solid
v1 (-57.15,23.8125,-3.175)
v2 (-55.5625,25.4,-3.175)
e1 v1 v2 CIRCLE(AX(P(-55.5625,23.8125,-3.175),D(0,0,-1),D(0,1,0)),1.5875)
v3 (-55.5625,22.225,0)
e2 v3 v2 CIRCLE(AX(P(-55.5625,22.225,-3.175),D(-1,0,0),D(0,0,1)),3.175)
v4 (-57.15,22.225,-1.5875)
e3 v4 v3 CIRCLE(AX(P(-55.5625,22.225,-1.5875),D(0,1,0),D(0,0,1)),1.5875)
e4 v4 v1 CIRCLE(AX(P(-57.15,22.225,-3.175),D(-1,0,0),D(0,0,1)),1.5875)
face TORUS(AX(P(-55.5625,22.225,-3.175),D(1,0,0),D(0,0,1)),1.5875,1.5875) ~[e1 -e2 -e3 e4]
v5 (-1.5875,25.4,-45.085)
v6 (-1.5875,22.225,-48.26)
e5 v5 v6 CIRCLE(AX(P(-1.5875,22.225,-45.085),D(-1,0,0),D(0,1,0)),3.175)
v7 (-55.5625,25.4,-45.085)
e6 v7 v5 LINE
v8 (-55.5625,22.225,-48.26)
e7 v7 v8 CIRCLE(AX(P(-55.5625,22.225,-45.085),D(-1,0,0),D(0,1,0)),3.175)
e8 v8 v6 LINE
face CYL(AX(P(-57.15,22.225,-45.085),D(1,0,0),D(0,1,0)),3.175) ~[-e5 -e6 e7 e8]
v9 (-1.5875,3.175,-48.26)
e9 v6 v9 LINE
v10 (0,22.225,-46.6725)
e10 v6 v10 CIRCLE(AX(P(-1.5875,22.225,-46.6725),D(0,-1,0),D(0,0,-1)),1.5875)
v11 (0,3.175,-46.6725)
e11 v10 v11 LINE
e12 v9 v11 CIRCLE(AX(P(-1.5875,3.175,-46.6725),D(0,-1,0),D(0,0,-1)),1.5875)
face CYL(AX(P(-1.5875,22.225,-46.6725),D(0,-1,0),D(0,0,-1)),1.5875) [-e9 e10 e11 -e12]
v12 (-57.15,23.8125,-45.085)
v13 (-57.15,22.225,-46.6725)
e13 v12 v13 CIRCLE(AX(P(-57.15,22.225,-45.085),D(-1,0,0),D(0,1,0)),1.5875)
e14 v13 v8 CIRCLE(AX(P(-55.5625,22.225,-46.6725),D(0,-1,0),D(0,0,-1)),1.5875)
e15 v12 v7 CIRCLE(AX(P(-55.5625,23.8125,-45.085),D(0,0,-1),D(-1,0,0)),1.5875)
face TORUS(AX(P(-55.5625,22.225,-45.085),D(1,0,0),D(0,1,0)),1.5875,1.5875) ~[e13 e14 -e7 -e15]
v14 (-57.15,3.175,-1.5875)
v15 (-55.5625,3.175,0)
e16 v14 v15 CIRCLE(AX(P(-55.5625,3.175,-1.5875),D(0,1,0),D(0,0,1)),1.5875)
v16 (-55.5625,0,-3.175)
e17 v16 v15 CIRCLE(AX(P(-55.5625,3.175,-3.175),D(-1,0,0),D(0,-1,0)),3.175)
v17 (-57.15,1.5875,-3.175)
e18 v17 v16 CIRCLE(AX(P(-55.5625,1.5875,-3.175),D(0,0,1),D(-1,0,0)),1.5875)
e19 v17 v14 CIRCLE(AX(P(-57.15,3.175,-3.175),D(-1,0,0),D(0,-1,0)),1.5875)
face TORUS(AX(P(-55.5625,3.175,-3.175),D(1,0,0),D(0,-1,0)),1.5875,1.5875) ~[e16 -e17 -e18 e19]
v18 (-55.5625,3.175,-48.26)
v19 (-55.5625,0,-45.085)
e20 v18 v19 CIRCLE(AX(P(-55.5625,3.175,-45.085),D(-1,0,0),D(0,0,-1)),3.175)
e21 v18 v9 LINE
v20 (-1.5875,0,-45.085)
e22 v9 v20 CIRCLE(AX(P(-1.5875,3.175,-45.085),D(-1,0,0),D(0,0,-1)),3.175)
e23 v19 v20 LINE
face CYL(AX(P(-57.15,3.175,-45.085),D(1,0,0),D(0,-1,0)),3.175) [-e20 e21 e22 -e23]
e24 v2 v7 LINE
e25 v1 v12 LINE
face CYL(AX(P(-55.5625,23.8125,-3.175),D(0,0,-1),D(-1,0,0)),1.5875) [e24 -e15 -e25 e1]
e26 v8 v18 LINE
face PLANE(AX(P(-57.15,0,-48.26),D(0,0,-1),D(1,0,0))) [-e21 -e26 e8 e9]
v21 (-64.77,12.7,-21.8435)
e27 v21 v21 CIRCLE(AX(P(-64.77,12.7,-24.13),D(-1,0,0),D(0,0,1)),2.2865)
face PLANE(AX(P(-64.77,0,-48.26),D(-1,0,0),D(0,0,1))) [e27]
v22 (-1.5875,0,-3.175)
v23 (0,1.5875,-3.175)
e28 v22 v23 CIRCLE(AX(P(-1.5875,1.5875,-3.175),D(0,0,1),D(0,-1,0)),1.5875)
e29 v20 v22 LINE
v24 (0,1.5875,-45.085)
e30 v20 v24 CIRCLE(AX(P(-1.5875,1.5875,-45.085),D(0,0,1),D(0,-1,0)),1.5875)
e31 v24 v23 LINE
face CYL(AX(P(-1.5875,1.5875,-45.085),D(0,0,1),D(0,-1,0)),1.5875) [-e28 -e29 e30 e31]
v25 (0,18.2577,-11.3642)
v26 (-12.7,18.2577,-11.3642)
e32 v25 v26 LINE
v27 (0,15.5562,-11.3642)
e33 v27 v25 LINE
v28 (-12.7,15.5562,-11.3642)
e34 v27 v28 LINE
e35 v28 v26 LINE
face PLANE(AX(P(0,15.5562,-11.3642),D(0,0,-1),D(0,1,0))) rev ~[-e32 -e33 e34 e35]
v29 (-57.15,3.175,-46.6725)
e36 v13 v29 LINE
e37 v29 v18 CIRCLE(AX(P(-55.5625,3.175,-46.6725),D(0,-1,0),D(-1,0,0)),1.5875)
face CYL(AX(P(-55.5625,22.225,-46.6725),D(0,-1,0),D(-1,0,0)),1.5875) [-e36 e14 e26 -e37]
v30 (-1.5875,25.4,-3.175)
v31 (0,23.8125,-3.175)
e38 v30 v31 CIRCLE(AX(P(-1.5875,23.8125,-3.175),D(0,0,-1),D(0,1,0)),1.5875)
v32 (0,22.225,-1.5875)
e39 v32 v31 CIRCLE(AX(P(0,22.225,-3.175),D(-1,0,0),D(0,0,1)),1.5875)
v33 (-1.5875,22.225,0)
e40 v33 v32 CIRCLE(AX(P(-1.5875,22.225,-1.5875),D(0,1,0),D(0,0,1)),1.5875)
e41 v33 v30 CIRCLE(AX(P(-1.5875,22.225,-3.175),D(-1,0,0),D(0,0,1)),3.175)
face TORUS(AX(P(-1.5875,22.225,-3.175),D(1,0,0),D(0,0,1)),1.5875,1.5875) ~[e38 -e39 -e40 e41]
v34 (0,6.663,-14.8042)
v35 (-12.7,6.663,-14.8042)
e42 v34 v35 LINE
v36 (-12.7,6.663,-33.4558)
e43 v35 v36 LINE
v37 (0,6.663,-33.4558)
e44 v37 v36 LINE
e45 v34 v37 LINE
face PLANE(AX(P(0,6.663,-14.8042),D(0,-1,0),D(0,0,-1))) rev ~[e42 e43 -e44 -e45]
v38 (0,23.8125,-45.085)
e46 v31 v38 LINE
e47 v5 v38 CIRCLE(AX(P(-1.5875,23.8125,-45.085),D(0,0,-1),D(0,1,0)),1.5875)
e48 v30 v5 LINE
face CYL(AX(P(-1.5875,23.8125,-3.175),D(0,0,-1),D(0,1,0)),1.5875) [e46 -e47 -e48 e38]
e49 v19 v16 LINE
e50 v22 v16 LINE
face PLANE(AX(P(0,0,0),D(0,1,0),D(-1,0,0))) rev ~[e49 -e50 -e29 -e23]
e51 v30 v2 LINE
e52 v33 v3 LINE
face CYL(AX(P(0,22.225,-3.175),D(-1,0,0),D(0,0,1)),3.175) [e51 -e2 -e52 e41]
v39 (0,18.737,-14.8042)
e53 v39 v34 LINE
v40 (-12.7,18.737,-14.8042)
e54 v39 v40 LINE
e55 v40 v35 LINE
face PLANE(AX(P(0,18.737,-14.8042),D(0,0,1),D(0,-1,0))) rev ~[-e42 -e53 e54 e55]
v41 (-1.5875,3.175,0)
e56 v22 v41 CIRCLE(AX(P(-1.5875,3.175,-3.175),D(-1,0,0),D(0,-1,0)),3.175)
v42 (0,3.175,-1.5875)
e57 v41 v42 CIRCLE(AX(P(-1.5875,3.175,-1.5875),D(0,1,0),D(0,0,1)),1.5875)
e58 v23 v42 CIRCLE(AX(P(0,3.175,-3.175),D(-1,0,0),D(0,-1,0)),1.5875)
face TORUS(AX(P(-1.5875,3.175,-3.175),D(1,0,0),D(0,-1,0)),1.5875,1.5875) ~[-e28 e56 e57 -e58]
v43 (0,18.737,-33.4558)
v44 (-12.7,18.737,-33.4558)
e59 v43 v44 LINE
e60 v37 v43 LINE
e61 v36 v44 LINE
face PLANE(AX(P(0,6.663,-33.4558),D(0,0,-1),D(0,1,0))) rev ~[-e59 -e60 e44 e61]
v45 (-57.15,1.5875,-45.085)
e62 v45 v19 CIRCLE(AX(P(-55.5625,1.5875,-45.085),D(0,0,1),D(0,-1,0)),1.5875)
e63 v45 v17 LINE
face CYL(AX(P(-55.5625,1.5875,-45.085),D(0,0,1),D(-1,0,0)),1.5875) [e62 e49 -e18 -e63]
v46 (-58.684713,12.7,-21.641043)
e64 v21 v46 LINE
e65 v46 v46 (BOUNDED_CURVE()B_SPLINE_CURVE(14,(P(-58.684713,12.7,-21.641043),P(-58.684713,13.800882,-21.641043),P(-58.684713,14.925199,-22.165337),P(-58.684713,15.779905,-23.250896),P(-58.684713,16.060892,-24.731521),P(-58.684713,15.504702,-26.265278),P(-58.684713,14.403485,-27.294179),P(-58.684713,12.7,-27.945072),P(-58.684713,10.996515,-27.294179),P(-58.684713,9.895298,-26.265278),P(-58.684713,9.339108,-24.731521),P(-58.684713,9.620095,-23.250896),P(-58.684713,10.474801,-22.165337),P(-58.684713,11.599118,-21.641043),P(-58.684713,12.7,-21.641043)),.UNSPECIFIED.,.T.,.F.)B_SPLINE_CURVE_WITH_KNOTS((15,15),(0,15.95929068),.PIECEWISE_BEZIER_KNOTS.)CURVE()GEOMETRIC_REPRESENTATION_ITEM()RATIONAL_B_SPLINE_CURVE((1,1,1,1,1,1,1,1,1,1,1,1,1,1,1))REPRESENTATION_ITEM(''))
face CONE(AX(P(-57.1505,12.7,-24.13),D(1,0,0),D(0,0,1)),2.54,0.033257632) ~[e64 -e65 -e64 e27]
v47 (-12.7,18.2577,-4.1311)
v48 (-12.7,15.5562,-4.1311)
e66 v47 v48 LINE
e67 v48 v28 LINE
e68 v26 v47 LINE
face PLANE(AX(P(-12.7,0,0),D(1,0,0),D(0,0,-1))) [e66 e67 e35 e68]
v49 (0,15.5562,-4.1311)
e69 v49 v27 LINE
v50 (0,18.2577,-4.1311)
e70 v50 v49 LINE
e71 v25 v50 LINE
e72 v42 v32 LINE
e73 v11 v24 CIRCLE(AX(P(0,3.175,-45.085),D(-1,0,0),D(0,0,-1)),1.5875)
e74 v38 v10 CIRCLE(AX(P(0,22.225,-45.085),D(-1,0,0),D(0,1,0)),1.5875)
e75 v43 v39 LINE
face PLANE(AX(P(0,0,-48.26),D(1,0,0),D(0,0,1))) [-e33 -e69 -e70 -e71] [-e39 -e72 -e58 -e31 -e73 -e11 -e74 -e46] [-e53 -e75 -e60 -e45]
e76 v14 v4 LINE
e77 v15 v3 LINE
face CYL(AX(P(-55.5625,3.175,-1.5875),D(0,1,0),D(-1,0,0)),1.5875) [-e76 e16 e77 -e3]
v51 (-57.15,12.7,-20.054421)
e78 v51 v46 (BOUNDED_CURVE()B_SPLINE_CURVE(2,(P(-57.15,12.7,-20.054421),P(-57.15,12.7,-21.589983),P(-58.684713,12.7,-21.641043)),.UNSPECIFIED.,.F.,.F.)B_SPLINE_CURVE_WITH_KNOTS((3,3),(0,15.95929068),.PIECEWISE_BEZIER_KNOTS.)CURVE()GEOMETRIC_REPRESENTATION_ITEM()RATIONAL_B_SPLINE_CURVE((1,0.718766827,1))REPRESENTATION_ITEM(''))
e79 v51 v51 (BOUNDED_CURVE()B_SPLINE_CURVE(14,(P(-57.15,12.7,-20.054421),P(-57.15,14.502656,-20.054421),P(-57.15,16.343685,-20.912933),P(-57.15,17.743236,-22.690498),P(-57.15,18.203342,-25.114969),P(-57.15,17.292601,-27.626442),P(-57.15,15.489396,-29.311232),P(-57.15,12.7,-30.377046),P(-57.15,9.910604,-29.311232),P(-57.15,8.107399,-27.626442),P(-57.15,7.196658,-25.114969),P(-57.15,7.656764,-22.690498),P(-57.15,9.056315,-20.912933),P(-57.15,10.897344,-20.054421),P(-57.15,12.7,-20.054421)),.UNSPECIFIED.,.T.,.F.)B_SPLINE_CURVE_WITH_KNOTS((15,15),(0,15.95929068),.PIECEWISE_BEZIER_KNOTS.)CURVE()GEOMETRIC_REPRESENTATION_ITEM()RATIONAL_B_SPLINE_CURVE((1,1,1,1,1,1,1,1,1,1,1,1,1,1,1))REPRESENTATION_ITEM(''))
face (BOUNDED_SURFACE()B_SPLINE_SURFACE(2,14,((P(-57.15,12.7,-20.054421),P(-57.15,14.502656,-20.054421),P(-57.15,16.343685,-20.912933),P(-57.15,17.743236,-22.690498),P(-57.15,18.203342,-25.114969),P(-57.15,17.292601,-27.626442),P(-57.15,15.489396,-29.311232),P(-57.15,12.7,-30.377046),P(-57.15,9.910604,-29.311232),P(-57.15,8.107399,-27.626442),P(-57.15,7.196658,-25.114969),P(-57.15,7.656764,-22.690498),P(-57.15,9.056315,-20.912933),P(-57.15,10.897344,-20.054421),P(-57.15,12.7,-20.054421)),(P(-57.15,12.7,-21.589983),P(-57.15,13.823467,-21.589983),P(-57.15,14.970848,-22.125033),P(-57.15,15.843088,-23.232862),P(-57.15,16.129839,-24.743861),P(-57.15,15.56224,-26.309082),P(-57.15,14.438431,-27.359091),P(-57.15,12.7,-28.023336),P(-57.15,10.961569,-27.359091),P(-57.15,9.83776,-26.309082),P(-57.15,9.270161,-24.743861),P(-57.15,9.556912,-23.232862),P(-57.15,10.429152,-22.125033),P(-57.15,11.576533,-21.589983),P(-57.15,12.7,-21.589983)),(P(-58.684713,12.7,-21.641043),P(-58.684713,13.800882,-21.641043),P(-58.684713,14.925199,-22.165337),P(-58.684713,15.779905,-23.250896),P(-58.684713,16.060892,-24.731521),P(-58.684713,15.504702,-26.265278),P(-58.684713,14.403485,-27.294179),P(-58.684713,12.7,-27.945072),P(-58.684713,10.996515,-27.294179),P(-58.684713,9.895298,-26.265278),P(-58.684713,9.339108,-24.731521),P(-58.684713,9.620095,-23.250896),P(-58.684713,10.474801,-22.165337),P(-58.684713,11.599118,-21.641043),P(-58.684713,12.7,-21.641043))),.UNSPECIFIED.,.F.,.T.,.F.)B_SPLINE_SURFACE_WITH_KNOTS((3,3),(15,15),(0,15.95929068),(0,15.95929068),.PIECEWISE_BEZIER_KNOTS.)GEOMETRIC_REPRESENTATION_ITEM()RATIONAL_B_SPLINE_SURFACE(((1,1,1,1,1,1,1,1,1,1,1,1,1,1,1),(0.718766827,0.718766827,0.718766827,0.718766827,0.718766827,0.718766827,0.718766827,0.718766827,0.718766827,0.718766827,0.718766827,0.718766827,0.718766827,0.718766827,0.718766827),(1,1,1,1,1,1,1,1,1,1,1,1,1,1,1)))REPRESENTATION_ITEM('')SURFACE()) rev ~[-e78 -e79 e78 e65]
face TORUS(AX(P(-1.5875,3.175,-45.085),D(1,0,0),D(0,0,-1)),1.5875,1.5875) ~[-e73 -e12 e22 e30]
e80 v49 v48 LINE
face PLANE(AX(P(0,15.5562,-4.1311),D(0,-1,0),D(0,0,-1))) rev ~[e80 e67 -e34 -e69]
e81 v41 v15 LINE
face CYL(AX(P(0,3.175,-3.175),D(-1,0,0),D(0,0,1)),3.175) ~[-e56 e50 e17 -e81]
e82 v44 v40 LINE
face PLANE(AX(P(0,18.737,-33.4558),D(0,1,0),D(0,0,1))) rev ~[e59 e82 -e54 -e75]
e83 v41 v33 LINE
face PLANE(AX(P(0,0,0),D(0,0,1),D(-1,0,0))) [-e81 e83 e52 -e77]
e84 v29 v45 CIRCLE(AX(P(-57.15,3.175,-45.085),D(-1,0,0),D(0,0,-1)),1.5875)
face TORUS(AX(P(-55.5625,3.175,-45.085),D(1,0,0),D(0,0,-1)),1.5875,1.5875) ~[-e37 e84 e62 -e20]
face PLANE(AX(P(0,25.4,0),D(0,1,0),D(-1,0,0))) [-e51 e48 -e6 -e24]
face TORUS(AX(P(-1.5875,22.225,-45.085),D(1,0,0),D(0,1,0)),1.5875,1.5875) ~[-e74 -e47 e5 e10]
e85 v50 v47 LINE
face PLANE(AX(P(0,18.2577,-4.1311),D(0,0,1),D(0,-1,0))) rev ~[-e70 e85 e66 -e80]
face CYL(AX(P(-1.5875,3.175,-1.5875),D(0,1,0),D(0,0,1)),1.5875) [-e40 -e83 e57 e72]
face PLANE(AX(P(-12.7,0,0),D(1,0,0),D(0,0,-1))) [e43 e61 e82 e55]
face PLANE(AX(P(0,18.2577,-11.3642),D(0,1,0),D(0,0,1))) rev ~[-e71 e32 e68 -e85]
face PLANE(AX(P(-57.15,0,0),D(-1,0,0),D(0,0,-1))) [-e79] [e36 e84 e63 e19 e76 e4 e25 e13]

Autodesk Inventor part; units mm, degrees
ref_plane "YZ Plane" through (0, 0, 0) normal (1, 0, 0) x (0, 1, 0)
ref_plane "XZ Plane" through (0, 0, 0) normal (0, 1, 0) x (-1, 0, 0)
ref_plane "XY Plane" through (0, 0, 0) normal (0, 0, 1) x (1, 0, 0)
sketch "Sketch1" plane through (0, 0, 0) normal (0, 1, 0) x (-1, 0, 0)
  line L0 (0, 0) -> (57.15, 0)
  line L1 (57.15, 0) -> (57.15, -48.26)
  line L2 (57.15, -48.26) -> (0, -48.26)
  line L3 (0, -48.26) -> (0, 0)
  dimension "d0" = 57.15
  dimension "d1" = 48.26
extrude "Extrusion1" add sketch "Sketch1" along normal blind 25.4
sketch "Sketch2" plane through (0, 0, 0) normal (1, 0, 0) x (0, 0, -1)
  line L0 (0, 0) -> (48.26, 0) construction
  line L1 (48.26, 0) -> (48.26, 25.4) construction
  line L2 (0, 25.4) -> (48.26, 25.4) construction
  line L3 (0, 0) -> (0, 25.4) construction
  line L4 (14.8042, 6.663) -> (33.4558, 6.663)
  line L5 (33.4558, 6.663) -> (33.4558, 18.737)
  line L6 (33.4558, 18.737) -> (14.8042, 18.737)
  line L7 (14.8042, 18.737) -> (14.8042, 6.663)
  line L8 (14.8042, 6.663) -> (33.4558, 18.737) construction
  line L9 (33.4558, 6.663) -> (14.8042, 18.737) construction
  line L10 (4.1311, 15.5562) -> (11.3642, 15.5562)
  line L11 (11.3642, 15.5562) -> (11.3642, 18.2577)
  line L12 (11.3642, 18.2577) -> (4.1311, 18.2577)
  line L13 (4.1311, 18.2577) -> (4.1311, 15.5562)
  line L14 (4.1311, 15.5562) -> (11.3642, 18.2577) construction
  line L15 (11.3642, 15.5562) -> (4.1311, 18.2577) construction
  point P0 (24.13, 12.7)
  point P1 (7.7477, 16.9069)
extrude "Extrusion2" cut sketch "Sketch2" against normal blind 12.7
sketch "Sketch3" plane through (-57.15, 0, -48.26) normal (-1, 0, 0) x (0, 0, 1)
  line L0 (0, 0) -> (48.26, 0) projected
  line L1 (48.26, 0) -> (48.26, 25.4) projected
  line L2 (0, 25.4) -> (48.26, 25.4) projected
  line L3 (0, 0) -> (0, 25.4) projected
  circle A0 centre (24.13, 12.7) radius 2.54
  dimension "d6" = 5.08
extrude "Extrusion3" add sketch "Sketch3" along normal blind 7.62 contours A0
chamfer "Chamfer1" distance 0.254 distance2 7.62 1 edges at (-64.77, 12.7, -26.67) measured on face at (-64.77, 13.2614, -23.2922)
fillet "Fillet1" radius 3.175 4 edges at (-28.575, 25.4, -48.26) (-28.575, 0, -48.26) (-28.575, 0, 0) (-28.575, 25.4, 0)
fillet "Fillet2" radius 1.5875 18 edges at (0, 24.4701, -47.3301) (0, 12.7, -48.26) (0, 0.9299, -47.3301) (0, 0, -24.13) (0, 0.9299, -0.9299) (0, 12.7, 0) (0, 24.4701, -0.9299) (0, 25.4, -24.13) (-57.15, 24.4701, -0.9299) (-57.15, 12.7, 0) (-57.15, 0.9299, -0.9299) (-57.15, 0, -24.13) (-57.15, 0.9299, -47.3301) (-57.15, 12.7, -48.26) (-57.15, 24.4701, -47.3301) (-57.15, 25.4, -24.13) (-57.15, 12.7, -26.67) (-57.1505, 12.7, -26.67)
properties part number "PoEbox"
